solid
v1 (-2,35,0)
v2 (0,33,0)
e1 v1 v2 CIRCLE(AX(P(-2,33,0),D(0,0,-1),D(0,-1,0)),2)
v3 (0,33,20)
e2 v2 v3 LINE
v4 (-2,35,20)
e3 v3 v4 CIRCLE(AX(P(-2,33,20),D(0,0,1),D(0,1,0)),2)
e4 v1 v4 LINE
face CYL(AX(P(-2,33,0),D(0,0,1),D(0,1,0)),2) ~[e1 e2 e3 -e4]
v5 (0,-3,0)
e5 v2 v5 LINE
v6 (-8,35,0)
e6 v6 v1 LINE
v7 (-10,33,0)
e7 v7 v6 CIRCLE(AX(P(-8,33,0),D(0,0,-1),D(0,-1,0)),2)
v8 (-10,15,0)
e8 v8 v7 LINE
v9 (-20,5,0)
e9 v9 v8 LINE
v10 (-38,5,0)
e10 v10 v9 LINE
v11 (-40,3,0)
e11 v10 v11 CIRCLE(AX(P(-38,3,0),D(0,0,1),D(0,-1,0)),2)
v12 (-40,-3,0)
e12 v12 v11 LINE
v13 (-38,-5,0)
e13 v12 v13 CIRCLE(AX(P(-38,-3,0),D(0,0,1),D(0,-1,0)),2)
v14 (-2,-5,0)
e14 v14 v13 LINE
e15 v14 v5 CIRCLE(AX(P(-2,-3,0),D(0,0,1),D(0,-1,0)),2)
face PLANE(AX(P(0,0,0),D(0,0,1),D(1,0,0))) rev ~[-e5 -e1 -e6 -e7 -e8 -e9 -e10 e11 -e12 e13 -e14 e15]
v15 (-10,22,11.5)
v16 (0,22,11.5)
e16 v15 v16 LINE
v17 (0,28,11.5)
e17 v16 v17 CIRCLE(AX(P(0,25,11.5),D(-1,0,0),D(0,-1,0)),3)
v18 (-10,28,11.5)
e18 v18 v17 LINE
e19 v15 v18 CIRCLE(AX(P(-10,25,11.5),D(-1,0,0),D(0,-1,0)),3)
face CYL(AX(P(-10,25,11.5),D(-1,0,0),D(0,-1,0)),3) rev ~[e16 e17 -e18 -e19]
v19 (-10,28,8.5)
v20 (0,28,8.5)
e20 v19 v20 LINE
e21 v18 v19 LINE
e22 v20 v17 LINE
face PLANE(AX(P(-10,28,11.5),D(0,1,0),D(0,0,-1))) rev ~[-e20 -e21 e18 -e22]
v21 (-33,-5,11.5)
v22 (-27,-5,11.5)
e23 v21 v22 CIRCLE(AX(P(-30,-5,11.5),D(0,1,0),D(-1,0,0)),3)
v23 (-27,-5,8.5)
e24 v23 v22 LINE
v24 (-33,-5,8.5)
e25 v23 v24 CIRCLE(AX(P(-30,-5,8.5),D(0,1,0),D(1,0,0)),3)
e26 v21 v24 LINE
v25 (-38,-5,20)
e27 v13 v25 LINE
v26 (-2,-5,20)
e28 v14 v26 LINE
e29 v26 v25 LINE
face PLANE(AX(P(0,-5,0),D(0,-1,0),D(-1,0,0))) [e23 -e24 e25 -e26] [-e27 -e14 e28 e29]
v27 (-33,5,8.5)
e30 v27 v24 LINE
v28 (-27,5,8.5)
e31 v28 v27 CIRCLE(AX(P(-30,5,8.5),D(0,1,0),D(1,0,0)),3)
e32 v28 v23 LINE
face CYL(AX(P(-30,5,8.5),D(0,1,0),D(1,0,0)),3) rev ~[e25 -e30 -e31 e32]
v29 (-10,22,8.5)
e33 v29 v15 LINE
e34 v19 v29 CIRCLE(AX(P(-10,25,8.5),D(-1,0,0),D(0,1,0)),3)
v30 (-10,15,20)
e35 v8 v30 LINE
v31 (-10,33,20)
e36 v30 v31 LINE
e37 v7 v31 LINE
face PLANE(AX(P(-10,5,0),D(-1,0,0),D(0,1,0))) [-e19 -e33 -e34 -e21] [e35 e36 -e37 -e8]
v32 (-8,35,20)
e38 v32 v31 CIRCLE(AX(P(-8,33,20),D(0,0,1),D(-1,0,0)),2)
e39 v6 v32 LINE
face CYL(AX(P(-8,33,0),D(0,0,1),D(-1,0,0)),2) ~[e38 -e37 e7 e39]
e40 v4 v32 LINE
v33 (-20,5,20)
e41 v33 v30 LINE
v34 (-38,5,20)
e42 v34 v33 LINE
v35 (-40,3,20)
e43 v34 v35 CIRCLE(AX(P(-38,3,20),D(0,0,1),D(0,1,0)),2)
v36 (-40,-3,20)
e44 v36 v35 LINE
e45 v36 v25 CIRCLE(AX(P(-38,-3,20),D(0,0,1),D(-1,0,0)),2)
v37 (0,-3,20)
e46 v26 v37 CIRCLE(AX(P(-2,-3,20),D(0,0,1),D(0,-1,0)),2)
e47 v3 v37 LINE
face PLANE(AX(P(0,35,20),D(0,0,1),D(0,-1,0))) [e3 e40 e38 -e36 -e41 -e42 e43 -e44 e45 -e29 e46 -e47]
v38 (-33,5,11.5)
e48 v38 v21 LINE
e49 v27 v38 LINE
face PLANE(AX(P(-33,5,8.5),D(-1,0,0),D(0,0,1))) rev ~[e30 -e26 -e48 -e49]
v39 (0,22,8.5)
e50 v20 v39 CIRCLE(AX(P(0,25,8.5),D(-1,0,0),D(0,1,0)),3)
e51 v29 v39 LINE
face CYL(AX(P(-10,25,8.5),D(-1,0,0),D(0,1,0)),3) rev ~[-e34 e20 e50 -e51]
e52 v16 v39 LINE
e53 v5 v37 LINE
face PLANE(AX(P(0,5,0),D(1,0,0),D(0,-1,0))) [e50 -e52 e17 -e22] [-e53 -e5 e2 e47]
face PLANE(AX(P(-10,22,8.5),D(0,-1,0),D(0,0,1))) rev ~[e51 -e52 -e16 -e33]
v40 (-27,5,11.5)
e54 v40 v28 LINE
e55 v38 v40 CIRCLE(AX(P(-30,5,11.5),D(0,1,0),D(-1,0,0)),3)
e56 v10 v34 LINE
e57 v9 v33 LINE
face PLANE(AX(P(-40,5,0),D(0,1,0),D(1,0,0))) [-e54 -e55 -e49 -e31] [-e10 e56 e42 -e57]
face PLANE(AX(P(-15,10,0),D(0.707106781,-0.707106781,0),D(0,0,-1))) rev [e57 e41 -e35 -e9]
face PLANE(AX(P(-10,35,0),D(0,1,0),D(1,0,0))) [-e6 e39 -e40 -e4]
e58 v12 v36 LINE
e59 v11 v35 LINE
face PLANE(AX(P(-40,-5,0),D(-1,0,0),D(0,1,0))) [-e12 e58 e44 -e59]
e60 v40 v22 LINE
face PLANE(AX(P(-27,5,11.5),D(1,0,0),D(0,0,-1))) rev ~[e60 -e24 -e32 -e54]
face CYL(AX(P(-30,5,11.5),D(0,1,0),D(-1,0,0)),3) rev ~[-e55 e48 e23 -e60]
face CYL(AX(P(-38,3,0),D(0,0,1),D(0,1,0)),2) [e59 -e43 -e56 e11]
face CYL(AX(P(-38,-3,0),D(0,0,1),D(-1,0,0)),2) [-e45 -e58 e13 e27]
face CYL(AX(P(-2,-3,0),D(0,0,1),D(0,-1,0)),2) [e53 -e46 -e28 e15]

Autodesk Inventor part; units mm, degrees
ref_plane "YZ Plane" through (0, 0, 0) normal (1, 0, 0) x (0, 1, 0)
ref_plane "XZ Plane" through (0, 0, 0) normal (0, 1, 0) x (-1, 0, 0)
ref_plane "XY Plane" through (0, 0, 0) normal (0, 0, 1) x (1, 0, 0)
sketch "Sketch1" plane through (0, 0, 0) normal (0, 0, 1) x (1, 0, 0)
  line L0 (-40, 5) -> (0, 5)
  line L1 (0, 5) -> (0, -5)
  line L2 (0, -5) -> (-40, -5)
  line L3 (-40, -5) -> (-40, 5)
  line L4 (-10, 35) -> (0, 35)
  line L5 (0, 35) -> (0, 5)
  line L6 (0, 5) -> (-10, 5)
  line L7 (-10, 5) -> (-10, 35)
  point P0 (0, 0)
  point P1 (0, 5)
  dimension "d0" = 10
  dimension "d1" = 40
  dimension "d2" = 40
extrude "Extrusion1" add sketch "Sketch1" along normal blind 40
sketch "Sketch2" plane through (-10, 5, 0) normal (-1, 0, 0) x (0, 0, 1)
  line L0 (8.5, 20) -> (11.5, 20) construction
  line L1 (8.5, 17) -> (11.5, 17)
  line L2 (11.5, 23) -> (8.5, 23)
  arc A0 (8.5, 23) -> (8.5, 17) centre (8.5, 20) ccw
  arc A1 (11.5, 17) -> (11.5, 23) centre (11.5, 20) ccw
  line L3 (0, 30) -> (0, 0) projected
  line L4 (0, 30) -> (40, 30) projected
  line L5 (20, 21.547) -> (20, 15) construction
  line L6 (31.5, 20) -> (28.5, 20) construction
  line L7 (31.5, 17) -> (28.5, 17)
  line L8 (28.5, 23) -> (31.5, 23)
  arc A2 (31.5, 17) -> (31.5, 23) centre (31.5, 20) ccw
  arc A3 (28.5, 23) -> (28.5, 17) centre (28.5, 20) ccw
  point P0 (0, -5)
  point P1 (10, 20)
  point P2 (20, 18.2735)
  point P3 (20, 30)
  point P4 (30, 20)
  dimension "d5" = 6
  dimension "d6" = 3
  dimension "d7" = 10
  dimension "d8" = 10
extrude "Extrusion2" cut sketch "Sketch2" against normal through all
sketch "Sketch3" plane through (-40, 5, 0) normal (0, 1, 0) x (1, 0, 0)
  line L0 (10, -8.5) -> (10, -11.5) construction
  line L1 (7, -8.5) -> (7, -11.5)
  line L2 (13, -11.5) -> (13, -8.5)
  arc A0 (13, -8.5) -> (7, -8.5) centre (10, -8.5) ccw
  arc A1 (7, -11.5) -> (13, -11.5) centre (10, -11.5) ccw
  line L3 (30, 0) -> (0, 0) projected
  line L4 (0, 0) -> (0, -40) projected
  line L5 (15.2557, -20) -> (9.287, -20) construction
  line L6 (10, -31.5) -> (10, -28.5) construction
  line L7 (7, -31.5) -> (7, -28.5)
  line L8 (13, -28.5) -> (13, -31.5)
  arc A2 (7, -31.5) -> (13, -31.5) centre (10, -31.5) ccw
  arc A3 (13, -28.5) -> (7, -28.5) centre (10, -28.5) ccw
  point P0 (40, 0)
  point P1 (10, -10)
  point P2 (12.2713, -20)
  point P3 (0, -20)
  point P4 (10, -30)
  dimension "d11" = 3
  dimension "d12" = 6
  dimension "d13" = 10
  dimension "d14" = 10
extrude "Extrusion3" cut sketch "Sketch3" against normal through all
chamfer "Chamfer1" distance 10 angle 45 1 edges at (-10, 5, 20)
fillet "Fillet1" radius 2 5 edges at (-10, 35, 20) (0, 35, 20) (0, -5, 20) (-40, -5, 20) (-40, 5, 20)
sketch "Sketch4" plane through (0, -3, 0) normal (1, 0, 0) x (0, 0, -1)
  line L0 (-40, 38) -> (-20, 38)
  line L1 (-20, 38) -> (-20, -2)
  line L2 (-20, -2) -> (-40, -2)
  line L3 (-40, -2) -> (-40, 38)
  line L4 (0, 38) -> (-40, 38) projected
  line L5 (-40, 0) -> (-40, 36) projected
  line L6 (-40, -2) -> (0, -2) projected
  line L7 (0, 0) -> (0, 36) projected
  point P0 (0, 3)
  dimension "d21" = 20
extrude "Extrusion4" cut sketch "Sketch4" against normal through all
equation "\"d2\" = d1"
properties part number "0008-10-030 Suport L" material "ABS Plastic"
